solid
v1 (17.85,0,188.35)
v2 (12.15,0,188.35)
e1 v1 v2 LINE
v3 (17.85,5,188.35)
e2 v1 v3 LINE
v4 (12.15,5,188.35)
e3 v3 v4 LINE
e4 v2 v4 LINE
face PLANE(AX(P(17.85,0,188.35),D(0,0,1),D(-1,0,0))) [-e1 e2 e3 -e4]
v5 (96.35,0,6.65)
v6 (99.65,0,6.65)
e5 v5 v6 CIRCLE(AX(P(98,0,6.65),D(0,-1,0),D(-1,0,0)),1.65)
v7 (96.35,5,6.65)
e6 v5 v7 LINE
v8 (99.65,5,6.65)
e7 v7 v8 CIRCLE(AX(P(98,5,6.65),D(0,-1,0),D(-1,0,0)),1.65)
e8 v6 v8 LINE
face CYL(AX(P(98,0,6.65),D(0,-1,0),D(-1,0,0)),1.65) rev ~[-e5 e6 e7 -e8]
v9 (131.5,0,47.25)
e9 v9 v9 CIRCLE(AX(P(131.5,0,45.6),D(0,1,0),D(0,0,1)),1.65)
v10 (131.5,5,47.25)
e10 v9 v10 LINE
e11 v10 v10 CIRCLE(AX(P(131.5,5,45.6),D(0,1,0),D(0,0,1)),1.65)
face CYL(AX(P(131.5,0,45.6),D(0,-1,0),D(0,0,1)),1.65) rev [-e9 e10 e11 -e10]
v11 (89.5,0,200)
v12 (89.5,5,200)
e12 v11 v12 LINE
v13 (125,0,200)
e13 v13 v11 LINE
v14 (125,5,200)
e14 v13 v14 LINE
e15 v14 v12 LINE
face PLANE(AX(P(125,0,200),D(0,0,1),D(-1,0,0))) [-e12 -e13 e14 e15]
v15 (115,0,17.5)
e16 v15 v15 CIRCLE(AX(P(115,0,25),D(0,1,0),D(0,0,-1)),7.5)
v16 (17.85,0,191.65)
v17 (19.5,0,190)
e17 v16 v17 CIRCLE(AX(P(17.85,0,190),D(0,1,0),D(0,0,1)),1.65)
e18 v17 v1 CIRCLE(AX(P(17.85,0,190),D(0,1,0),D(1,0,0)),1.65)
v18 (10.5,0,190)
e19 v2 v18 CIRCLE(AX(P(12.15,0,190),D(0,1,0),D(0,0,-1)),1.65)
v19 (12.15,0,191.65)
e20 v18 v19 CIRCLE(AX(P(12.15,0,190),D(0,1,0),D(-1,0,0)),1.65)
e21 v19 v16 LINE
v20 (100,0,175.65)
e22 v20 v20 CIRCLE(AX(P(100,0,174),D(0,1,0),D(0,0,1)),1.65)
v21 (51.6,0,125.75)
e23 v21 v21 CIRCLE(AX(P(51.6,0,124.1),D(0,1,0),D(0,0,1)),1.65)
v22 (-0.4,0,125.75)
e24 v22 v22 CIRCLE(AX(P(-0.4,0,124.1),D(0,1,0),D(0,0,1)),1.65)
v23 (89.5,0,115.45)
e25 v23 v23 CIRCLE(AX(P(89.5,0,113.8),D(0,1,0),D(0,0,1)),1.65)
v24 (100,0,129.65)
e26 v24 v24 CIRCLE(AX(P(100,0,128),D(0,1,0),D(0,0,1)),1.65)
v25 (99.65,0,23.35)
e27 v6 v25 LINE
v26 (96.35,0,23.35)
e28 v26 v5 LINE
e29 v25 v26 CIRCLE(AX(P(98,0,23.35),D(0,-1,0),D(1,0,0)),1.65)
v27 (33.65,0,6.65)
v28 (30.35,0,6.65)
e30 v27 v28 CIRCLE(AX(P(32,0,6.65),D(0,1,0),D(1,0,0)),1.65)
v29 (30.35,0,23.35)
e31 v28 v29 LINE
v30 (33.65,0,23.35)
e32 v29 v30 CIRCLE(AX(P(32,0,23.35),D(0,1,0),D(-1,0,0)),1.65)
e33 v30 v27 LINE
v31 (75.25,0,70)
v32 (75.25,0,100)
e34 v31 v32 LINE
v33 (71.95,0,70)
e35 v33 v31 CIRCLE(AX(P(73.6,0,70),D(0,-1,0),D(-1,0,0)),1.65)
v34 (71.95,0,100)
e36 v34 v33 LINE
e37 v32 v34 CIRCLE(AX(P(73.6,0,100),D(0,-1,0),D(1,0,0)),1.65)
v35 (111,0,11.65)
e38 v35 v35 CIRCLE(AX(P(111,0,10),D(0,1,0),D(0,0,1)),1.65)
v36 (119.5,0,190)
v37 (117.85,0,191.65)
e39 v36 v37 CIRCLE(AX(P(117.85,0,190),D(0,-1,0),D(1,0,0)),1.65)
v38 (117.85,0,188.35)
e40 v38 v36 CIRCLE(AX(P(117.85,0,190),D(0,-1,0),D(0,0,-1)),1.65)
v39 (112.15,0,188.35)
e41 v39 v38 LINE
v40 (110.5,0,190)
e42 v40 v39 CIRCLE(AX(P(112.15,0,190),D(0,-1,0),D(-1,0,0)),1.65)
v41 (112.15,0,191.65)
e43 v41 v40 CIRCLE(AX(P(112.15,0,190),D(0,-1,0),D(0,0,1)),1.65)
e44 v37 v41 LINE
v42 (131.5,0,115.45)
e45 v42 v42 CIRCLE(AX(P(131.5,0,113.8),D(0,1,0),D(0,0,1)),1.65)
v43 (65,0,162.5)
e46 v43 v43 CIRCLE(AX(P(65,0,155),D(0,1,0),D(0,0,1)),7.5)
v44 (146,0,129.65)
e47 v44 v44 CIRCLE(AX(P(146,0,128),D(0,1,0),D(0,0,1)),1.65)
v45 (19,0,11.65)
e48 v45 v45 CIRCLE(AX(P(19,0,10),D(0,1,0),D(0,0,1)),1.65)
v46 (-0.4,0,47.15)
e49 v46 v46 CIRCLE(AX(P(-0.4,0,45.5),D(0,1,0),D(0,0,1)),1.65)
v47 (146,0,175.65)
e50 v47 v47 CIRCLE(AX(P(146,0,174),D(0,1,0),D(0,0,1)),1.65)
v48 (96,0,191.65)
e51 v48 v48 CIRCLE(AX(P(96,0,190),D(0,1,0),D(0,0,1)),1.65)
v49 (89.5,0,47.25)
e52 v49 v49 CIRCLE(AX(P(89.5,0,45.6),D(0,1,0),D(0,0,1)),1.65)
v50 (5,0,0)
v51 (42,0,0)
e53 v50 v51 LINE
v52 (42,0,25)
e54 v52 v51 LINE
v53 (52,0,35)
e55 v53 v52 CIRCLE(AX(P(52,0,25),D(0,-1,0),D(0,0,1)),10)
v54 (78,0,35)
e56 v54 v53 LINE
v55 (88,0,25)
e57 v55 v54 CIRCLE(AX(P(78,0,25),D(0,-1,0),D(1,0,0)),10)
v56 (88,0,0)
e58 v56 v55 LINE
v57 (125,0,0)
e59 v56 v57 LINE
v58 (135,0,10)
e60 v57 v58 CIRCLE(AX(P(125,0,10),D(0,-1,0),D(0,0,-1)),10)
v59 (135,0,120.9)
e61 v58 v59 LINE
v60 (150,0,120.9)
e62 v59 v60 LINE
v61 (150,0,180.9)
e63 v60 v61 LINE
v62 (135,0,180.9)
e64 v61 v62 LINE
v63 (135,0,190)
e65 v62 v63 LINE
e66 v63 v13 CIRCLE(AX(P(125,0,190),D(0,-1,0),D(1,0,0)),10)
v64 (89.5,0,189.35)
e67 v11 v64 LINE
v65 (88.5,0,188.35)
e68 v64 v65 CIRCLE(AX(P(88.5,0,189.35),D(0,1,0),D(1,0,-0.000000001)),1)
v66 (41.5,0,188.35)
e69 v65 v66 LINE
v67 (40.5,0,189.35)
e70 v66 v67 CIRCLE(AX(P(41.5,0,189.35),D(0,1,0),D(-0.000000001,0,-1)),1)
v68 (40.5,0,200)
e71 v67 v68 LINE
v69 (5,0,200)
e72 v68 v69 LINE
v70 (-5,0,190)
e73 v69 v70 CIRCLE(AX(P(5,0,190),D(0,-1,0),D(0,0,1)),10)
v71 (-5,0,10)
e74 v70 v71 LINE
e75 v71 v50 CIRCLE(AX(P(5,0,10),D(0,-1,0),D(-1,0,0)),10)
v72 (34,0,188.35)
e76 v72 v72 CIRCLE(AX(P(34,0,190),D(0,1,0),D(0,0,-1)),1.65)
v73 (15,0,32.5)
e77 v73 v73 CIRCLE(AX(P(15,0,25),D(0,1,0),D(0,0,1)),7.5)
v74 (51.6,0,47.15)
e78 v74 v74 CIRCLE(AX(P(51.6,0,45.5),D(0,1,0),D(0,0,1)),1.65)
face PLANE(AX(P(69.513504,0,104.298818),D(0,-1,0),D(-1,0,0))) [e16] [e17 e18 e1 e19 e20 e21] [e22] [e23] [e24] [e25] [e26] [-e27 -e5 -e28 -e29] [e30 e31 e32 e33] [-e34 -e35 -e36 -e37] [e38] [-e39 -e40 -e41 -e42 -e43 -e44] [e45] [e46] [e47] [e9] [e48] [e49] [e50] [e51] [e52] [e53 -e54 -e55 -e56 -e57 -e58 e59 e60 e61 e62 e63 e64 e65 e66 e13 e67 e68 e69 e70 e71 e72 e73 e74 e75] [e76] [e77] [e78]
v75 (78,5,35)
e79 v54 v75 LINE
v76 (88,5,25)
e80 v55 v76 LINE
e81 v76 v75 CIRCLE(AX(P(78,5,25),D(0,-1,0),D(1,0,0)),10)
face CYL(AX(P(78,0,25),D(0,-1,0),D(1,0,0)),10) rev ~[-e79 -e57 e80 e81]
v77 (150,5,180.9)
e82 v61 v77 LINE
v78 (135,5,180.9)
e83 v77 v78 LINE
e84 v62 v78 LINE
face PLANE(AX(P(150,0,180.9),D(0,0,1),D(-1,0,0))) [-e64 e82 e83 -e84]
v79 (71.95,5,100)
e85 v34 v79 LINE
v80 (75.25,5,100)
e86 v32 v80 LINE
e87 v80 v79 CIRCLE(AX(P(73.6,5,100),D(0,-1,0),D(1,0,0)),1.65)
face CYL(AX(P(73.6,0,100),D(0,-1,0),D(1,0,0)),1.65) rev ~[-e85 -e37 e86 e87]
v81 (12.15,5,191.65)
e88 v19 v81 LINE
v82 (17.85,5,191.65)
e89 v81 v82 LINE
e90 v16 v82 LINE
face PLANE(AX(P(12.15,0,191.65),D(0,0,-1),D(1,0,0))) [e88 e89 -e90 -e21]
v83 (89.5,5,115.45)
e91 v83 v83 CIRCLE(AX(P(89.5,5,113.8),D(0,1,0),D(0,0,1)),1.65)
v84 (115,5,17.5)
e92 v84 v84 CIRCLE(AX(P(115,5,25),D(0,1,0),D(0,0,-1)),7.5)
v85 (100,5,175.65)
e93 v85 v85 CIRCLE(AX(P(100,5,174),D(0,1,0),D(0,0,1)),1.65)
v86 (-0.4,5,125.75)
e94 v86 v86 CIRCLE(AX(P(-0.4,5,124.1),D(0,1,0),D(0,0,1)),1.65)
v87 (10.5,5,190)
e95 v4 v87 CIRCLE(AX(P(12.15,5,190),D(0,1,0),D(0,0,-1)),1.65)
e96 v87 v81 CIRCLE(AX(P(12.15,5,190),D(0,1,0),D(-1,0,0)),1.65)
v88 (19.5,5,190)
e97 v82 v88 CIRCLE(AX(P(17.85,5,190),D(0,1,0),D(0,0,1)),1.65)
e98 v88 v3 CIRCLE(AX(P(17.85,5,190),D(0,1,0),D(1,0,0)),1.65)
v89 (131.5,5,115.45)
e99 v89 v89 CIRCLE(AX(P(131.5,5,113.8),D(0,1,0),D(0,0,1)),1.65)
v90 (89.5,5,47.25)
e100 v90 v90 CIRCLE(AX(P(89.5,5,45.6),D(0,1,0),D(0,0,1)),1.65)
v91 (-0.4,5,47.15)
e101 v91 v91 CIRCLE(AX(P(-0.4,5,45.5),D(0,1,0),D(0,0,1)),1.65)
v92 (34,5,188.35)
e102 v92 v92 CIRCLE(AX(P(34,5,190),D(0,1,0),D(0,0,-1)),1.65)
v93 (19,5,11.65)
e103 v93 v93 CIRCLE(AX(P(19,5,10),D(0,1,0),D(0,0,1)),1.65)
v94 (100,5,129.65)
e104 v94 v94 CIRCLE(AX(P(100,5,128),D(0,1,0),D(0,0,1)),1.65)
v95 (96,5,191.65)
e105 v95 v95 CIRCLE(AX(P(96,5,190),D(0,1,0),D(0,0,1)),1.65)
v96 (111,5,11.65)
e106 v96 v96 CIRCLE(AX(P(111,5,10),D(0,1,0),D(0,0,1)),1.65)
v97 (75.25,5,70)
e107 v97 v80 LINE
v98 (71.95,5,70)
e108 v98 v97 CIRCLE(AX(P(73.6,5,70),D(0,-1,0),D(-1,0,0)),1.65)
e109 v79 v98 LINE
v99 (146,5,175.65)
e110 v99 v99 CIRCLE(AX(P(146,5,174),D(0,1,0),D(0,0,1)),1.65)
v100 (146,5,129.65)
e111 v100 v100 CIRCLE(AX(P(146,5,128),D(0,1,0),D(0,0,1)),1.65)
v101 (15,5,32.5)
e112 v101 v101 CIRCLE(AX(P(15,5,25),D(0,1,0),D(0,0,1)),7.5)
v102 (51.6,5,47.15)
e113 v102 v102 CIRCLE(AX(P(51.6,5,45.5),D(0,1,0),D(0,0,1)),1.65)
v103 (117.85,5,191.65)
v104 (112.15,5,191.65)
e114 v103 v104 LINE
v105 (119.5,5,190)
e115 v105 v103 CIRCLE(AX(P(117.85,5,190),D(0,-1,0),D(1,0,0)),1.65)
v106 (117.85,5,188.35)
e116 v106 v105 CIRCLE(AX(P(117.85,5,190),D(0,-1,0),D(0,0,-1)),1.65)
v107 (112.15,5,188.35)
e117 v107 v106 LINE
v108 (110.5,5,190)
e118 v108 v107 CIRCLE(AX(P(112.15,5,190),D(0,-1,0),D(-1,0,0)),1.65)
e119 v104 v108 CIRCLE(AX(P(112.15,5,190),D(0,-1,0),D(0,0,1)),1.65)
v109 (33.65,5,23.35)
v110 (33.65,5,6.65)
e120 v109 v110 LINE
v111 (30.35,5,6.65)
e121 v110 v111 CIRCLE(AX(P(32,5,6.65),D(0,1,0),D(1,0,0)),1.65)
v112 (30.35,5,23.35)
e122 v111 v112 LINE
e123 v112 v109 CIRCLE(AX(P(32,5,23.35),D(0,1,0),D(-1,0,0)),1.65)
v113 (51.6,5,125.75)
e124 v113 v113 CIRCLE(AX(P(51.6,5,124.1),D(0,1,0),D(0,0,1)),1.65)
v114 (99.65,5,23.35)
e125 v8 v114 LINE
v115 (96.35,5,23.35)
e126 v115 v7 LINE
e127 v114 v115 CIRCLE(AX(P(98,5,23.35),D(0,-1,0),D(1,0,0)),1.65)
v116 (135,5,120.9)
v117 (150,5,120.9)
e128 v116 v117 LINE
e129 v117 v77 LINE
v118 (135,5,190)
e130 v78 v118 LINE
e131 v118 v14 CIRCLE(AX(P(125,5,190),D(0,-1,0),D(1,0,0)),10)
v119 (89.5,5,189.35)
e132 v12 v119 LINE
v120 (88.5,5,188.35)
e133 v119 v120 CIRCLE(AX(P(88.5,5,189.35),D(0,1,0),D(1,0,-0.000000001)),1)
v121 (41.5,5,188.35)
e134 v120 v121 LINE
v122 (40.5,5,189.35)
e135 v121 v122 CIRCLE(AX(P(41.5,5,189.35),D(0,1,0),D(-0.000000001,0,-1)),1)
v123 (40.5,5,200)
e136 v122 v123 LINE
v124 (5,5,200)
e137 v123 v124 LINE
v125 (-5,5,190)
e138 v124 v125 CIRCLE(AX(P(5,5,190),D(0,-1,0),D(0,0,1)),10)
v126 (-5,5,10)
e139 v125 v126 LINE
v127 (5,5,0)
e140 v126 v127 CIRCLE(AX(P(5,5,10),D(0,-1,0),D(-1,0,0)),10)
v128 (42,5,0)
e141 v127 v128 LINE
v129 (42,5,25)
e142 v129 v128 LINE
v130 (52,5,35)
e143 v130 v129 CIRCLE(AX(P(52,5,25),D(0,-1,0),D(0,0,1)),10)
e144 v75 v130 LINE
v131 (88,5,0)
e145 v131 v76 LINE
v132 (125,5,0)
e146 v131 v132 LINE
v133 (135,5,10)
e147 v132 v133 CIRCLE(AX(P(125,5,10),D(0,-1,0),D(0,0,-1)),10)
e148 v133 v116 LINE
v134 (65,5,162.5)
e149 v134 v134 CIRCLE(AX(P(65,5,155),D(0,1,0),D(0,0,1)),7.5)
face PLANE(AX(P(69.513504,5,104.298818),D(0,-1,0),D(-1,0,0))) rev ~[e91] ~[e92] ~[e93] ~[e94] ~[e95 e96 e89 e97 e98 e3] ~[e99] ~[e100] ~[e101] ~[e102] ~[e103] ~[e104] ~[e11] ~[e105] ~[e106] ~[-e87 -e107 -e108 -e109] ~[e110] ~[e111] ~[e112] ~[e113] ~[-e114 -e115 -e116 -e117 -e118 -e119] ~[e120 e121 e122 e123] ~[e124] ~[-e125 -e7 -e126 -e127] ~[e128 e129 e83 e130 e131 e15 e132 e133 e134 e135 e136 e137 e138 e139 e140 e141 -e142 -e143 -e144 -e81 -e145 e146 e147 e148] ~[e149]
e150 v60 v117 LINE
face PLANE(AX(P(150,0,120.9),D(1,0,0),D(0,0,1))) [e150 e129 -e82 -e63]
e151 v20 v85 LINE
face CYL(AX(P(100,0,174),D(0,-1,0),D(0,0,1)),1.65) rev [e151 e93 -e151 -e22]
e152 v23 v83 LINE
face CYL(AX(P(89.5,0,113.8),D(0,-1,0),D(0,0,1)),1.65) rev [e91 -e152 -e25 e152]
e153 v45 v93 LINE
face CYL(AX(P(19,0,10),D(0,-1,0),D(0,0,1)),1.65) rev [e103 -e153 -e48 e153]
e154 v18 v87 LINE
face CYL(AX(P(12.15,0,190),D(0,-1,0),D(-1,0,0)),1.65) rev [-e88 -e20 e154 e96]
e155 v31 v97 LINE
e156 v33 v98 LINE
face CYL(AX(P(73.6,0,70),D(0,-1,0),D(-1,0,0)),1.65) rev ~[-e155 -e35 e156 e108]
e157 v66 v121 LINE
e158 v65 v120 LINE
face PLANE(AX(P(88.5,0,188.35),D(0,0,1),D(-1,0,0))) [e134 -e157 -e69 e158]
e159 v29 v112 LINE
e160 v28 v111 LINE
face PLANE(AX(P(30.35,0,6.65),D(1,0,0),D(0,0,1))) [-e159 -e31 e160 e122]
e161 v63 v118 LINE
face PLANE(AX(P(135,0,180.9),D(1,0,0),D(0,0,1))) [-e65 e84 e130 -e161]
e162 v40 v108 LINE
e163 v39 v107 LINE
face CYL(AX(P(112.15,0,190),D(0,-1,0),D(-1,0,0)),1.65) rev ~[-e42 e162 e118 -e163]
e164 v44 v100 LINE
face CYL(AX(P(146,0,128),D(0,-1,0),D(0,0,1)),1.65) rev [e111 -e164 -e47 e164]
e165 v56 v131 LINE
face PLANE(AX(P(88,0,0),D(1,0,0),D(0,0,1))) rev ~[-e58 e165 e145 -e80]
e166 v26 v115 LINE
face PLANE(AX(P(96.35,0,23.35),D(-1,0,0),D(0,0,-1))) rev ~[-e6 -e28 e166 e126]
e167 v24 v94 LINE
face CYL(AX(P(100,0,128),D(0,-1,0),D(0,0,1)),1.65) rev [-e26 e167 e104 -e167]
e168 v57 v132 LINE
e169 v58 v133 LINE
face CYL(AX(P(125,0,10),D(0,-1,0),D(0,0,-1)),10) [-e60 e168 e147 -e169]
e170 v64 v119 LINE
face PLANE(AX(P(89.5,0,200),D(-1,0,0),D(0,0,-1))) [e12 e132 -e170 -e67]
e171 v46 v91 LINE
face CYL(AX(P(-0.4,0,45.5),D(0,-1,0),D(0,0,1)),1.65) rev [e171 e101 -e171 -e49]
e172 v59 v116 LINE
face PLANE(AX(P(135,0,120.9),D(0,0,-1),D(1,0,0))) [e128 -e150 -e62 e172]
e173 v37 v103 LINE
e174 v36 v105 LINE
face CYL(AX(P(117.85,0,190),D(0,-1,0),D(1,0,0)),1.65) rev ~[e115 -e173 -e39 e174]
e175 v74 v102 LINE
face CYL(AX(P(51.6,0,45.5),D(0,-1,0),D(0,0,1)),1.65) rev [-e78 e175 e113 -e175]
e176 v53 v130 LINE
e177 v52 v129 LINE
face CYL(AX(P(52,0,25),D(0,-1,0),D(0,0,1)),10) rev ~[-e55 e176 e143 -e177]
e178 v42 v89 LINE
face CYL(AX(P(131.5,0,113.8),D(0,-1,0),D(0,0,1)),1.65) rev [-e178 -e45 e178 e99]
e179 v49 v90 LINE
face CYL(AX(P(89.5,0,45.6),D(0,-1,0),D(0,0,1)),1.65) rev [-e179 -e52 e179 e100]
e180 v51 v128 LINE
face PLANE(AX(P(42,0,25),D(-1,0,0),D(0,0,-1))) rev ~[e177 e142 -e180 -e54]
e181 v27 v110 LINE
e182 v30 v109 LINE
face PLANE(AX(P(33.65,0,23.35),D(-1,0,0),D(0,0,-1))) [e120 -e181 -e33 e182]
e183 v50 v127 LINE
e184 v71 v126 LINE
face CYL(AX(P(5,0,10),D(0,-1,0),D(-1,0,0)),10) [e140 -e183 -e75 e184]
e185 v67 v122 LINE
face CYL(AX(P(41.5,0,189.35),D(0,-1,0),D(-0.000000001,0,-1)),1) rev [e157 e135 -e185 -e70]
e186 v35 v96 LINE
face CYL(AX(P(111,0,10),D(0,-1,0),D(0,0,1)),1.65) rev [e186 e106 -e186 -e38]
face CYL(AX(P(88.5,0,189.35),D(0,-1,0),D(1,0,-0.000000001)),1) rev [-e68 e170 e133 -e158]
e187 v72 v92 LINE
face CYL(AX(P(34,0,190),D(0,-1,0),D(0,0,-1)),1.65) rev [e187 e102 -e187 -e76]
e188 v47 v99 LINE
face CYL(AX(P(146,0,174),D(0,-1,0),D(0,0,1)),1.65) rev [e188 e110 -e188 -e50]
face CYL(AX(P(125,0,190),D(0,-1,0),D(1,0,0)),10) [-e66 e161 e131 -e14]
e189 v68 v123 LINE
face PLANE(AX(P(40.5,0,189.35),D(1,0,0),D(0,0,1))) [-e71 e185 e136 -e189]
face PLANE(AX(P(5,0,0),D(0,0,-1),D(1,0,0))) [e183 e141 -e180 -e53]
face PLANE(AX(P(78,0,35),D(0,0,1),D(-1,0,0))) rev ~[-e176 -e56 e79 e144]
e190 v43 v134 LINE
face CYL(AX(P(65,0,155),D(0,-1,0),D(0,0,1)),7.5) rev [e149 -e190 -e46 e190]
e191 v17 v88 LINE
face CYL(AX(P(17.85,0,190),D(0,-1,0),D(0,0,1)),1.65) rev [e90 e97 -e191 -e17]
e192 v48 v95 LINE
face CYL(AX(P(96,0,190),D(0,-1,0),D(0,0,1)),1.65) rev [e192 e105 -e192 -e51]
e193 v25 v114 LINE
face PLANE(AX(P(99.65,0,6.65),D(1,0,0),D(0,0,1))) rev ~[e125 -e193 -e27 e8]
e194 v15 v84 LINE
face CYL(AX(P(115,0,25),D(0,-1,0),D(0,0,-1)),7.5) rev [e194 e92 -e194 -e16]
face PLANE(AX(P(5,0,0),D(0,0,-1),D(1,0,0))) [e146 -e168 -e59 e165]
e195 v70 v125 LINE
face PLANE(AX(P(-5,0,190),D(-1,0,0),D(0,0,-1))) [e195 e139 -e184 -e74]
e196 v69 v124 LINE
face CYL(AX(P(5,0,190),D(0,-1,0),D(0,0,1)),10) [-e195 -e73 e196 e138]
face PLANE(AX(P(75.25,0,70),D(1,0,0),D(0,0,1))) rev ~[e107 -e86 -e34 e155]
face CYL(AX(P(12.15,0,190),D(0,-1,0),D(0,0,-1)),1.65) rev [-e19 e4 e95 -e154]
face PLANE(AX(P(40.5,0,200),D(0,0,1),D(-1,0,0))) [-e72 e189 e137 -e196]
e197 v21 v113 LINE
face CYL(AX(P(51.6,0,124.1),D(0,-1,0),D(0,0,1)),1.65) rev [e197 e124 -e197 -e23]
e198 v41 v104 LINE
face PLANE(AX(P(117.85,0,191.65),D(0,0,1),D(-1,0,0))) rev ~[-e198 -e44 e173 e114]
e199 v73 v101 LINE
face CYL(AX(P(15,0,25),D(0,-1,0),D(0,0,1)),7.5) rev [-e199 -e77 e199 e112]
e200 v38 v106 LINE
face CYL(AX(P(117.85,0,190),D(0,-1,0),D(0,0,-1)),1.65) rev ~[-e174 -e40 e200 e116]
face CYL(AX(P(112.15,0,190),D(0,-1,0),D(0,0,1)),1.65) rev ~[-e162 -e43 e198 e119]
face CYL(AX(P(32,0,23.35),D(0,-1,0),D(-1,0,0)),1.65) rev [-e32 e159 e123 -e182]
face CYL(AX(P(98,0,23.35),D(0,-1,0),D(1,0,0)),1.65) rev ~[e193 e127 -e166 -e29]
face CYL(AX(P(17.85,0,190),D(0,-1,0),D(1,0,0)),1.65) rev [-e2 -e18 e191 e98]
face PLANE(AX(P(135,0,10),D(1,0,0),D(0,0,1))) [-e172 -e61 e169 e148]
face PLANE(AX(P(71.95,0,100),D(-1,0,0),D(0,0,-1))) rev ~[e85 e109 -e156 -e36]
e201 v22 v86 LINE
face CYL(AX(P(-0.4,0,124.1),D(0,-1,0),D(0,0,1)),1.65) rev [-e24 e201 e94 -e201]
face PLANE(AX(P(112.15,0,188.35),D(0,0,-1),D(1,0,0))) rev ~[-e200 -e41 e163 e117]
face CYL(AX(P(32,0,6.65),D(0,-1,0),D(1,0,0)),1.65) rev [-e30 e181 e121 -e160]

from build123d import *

# Parameters (mm, degrees)
SKETCH_1_R          = 1.65
SKETCH_1_R_2        = 7.5
EXTRUDE_1_DEPTH     = 5
CUT_EXTRUDE_1_DEPTH = 5
CUT_EXTRUDE_3_DEPTH = 5


with BuildPart() as part:
    # 草图1 → 凸台-拉伸1 (new body)
    with BuildSketch(Plane(origin=(0, 0, 0), x_dir=(1, 0, 0), z_dir=(0, 1, 0))):
        with BuildLine():
            Line((120, 0), (125, 0))
            ThreePointArc((125, 0), (132.071067812, -2.928932188), (135, -10))
            Line((135, -10), (135, -120.9))
            Line((135, -120.9), (150, -120.9))
            Line((150, -120.9), (150, -180.9))
            Line((150, -180.9), (135, -180.9))
            Line((135, -180.9), (135, -190))
            ThreePointArc((135, -190), (132.071067812, -197.071067812), (125, -200))
            Line((125, -200), (89.5, -200))
            Line((89.5, -200), (89.5, -189.35))
            ThreePointArc((89.5, -189.35), (89.207106781, -188.642893219), (88.5, -188.35))
            Line((88.5, -188.35), (41.5, -188.35))
            ThreePointArc((41.5, -188.35), (40.792893219, -188.642893219), (40.5, -189.35))
            Line((40.5, -189.35), (40.5, -200))
            Line((40.5, -200), (5, -200))
            ThreePointArc((5, -200), (-2.071067812, -197.071067812), (-5, -190))
            Line((-5, -190), (-5, -10))
            ThreePointArc((-5, -10), (-2.071067812, -2.928932188), (5, 0))
            Line((5, 0), (10, 0))
            Line((10, 0), (120, 0))
        make_face()
        with Locations(Location((19, -10, 0), (0, 0, 270))):
            Circle(SKETCH_1_R, mode=Mode.SUBTRACT)
        with Locations(Location((111, -10, 0), (0, 0, 270))):
            Circle(SKETCH_1_R, mode=Mode.SUBTRACT)
        with Locations(Location((15, -25, 0), (0, 0, 270))):
            Circle(SKETCH_1_R_2, mode=Mode.SUBTRACT)
        with Locations(Location((115, -25, 0), (0, 0, 90))):
            Circle(SKETCH_1_R_2, mode=Mode.SUBTRACT)
        with Locations(Location((-0.4, -45.5, 0), (0, 0, 270))):
            Circle(SKETCH_1_R, mode=Mode.SUBTRACT)
        with Locations(Location((51.6, -45.5, 0), (0, 0, 270))):
            Circle(SKETCH_1_R, mode=Mode.SUBTRACT)
        with Locations(Location((51.6, -124.1, 0), (0, 0, 270))):
            Circle(SKETCH_1_R, mode=Mode.SUBTRACT)
        with Locations(Location((-0.4, -124.1, 0), (0, 0, 270))):
            Circle(SKETCH_1_R, mode=Mode.SUBTRACT)
        with Locations(Location((89.5, -45.6, 0), (0, 0, 270))):
            Circle(SKETCH_1_R, mode=Mode.SUBTRACT)
        with Locations(Location((131.5, -45.6, 0), (0, 0, 270))):
            Circle(SKETCH_1_R, mode=Mode.SUBTRACT)
        with Locations(Location((131.5, -113.8, 0), (0, 0, 270))):
            Circle(SKETCH_1_R, mode=Mode.SUBTRACT)
        with Locations(Location((89.5, -113.8, 0), (0, 0, 270))):
            Circle(SKETCH_1_R, mode=Mode.SUBTRACT)
        with Locations(Location((146, -128, 0), (0, 0, 270))):
            Circle(SKETCH_1_R, mode=Mode.SUBTRACT)
        with Locations(Location((100, -128, 0), (0, 0, 270))):
            Circle(SKETCH_1_R, mode=Mode.SUBTRACT)
        with Locations(Location((100, -174, 0), (0, 0, 270))):
            Circle(SKETCH_1_R, mode=Mode.SUBTRACT)
        with Locations(Location((146, -174, 0), (0, 0, 270))):
            Circle(SKETCH_1_R, mode=Mode.SUBTRACT)
        with Locations(Location((65, -155, 0), (0, 0, 270))):
            Circle(SKETCH_1_R_2, mode=Mode.SUBTRACT)
        with Locations(Location((96, -190, 0), (0, 0, 270))):
            Circle(SKETCH_1_R, mode=Mode.SUBTRACT)
        with Locations(Location((34, -190, 0), (0, 0, 90))):
            Circle(SKETCH_1_R, mode=Mode.SUBTRACT)
        with BuildLine():
            Line((96.35, -23.35), (96.35, -6.65))
            ThreePointArc((96.35, -6.65), (98, -5), (99.65, -6.65))
            Line((99.65, -6.65), (99.65, -23.35))
            ThreePointArc((99.65, -23.35), (98, -25), (96.35, -23.35))
        make_face(mode=Mode.SUBTRACT)
        with BuildLine():
            Line((30.35, -6.65), (30.35, -23.35))
            ThreePointArc((30.35, -23.35), (32, -25), (33.65, -23.35))
            Line((33.65, -23.35), (33.65, -6.65))
            ThreePointArc((33.65, -6.65), (32, -5), (30.35, -6.65))
        make_face(mode=Mode.SUBTRACT)
        with BuildLine():
            Line((17.85, -188.35), (12.15, -188.35))
            ThreePointArc((12.15, -188.35), (10.983273811, -188.833273811), (10.5, -190))
            ThreePointArc((10.5, -190), (10.983273811, -191.166726189), (12.15, -191.65))
            Line((12.15, -191.65), (17.85, -191.65))
            ThreePointArc((17.85, -191.65), (19.016726189, -191.166726189), (19.5, -190))
            ThreePointArc((19.5, -190), (19.016726189, -188.833273811), (17.85, -188.35))
        make_face(mode=Mode.SUBTRACT)
        with BuildLine():
            Line((112.15, -188.35), (117.85, -188.35))
            ThreePointArc((117.85, -188.35), (119.016726189, -188.833273811), (119.5, -190))
            ThreePointArc((119.5, -190), (119.016726189, -191.166726189), (117.85, -191.65))
            Line((117.85, -191.65), (112.15, -191.65))
            ThreePointArc((112.15, -191.65), (110.983273811, -191.166726189), (110.5, -190))
            ThreePointArc((110.5, -190), (110.983273811, -188.833273811), (112.15, -188.35))
        make_face(mode=Mode.SUBTRACT)
    extrude(amount=EXTRUDE_1_DEPTH)

    # 草图2 → 切除-拉伸1 (cut)
    with BuildSketch(Plane.XZ):
        with BuildLine():
            Line((42, 0), (88, 0))
            Line((88, 0), (88, 25))
            ThreePointArc((88, 25), (85.071067812, 32.071067812), (78, 35))
            Line((78, 35), (52, 35))
            ThreePointArc((52, 35), (44.928932188, 32.071067812), (42, 25))
            Line((42, 25), (42, 0))
        make_face()
    extrude(amount=-CUT_EXTRUDE_1_DEPTH, mode=Mode.SUBTRACT)

    # 草图4 → 切除-拉伸3 (cut)
    with BuildSketch(Plane(origin=(0, 0, 0), x_dir=(1, 0, 0), z_dir=(0, 1, 0))):
        with BuildLine():
            Line((75.25, -70), (75.25, -100))
            ThreePointArc((75.25, -100), (73.6, -101.65), (71.95, -100))
            Line((71.95, -100), (71.95, -70))
            ThreePointArc((71.95, -70), (73.6, -68.35), (75.25, -70))
        make_face()
    extrude(amount=CUT_EXTRUDE_3_DEPTH, mode=Mode.SUBTRACT)


solid = part.part
